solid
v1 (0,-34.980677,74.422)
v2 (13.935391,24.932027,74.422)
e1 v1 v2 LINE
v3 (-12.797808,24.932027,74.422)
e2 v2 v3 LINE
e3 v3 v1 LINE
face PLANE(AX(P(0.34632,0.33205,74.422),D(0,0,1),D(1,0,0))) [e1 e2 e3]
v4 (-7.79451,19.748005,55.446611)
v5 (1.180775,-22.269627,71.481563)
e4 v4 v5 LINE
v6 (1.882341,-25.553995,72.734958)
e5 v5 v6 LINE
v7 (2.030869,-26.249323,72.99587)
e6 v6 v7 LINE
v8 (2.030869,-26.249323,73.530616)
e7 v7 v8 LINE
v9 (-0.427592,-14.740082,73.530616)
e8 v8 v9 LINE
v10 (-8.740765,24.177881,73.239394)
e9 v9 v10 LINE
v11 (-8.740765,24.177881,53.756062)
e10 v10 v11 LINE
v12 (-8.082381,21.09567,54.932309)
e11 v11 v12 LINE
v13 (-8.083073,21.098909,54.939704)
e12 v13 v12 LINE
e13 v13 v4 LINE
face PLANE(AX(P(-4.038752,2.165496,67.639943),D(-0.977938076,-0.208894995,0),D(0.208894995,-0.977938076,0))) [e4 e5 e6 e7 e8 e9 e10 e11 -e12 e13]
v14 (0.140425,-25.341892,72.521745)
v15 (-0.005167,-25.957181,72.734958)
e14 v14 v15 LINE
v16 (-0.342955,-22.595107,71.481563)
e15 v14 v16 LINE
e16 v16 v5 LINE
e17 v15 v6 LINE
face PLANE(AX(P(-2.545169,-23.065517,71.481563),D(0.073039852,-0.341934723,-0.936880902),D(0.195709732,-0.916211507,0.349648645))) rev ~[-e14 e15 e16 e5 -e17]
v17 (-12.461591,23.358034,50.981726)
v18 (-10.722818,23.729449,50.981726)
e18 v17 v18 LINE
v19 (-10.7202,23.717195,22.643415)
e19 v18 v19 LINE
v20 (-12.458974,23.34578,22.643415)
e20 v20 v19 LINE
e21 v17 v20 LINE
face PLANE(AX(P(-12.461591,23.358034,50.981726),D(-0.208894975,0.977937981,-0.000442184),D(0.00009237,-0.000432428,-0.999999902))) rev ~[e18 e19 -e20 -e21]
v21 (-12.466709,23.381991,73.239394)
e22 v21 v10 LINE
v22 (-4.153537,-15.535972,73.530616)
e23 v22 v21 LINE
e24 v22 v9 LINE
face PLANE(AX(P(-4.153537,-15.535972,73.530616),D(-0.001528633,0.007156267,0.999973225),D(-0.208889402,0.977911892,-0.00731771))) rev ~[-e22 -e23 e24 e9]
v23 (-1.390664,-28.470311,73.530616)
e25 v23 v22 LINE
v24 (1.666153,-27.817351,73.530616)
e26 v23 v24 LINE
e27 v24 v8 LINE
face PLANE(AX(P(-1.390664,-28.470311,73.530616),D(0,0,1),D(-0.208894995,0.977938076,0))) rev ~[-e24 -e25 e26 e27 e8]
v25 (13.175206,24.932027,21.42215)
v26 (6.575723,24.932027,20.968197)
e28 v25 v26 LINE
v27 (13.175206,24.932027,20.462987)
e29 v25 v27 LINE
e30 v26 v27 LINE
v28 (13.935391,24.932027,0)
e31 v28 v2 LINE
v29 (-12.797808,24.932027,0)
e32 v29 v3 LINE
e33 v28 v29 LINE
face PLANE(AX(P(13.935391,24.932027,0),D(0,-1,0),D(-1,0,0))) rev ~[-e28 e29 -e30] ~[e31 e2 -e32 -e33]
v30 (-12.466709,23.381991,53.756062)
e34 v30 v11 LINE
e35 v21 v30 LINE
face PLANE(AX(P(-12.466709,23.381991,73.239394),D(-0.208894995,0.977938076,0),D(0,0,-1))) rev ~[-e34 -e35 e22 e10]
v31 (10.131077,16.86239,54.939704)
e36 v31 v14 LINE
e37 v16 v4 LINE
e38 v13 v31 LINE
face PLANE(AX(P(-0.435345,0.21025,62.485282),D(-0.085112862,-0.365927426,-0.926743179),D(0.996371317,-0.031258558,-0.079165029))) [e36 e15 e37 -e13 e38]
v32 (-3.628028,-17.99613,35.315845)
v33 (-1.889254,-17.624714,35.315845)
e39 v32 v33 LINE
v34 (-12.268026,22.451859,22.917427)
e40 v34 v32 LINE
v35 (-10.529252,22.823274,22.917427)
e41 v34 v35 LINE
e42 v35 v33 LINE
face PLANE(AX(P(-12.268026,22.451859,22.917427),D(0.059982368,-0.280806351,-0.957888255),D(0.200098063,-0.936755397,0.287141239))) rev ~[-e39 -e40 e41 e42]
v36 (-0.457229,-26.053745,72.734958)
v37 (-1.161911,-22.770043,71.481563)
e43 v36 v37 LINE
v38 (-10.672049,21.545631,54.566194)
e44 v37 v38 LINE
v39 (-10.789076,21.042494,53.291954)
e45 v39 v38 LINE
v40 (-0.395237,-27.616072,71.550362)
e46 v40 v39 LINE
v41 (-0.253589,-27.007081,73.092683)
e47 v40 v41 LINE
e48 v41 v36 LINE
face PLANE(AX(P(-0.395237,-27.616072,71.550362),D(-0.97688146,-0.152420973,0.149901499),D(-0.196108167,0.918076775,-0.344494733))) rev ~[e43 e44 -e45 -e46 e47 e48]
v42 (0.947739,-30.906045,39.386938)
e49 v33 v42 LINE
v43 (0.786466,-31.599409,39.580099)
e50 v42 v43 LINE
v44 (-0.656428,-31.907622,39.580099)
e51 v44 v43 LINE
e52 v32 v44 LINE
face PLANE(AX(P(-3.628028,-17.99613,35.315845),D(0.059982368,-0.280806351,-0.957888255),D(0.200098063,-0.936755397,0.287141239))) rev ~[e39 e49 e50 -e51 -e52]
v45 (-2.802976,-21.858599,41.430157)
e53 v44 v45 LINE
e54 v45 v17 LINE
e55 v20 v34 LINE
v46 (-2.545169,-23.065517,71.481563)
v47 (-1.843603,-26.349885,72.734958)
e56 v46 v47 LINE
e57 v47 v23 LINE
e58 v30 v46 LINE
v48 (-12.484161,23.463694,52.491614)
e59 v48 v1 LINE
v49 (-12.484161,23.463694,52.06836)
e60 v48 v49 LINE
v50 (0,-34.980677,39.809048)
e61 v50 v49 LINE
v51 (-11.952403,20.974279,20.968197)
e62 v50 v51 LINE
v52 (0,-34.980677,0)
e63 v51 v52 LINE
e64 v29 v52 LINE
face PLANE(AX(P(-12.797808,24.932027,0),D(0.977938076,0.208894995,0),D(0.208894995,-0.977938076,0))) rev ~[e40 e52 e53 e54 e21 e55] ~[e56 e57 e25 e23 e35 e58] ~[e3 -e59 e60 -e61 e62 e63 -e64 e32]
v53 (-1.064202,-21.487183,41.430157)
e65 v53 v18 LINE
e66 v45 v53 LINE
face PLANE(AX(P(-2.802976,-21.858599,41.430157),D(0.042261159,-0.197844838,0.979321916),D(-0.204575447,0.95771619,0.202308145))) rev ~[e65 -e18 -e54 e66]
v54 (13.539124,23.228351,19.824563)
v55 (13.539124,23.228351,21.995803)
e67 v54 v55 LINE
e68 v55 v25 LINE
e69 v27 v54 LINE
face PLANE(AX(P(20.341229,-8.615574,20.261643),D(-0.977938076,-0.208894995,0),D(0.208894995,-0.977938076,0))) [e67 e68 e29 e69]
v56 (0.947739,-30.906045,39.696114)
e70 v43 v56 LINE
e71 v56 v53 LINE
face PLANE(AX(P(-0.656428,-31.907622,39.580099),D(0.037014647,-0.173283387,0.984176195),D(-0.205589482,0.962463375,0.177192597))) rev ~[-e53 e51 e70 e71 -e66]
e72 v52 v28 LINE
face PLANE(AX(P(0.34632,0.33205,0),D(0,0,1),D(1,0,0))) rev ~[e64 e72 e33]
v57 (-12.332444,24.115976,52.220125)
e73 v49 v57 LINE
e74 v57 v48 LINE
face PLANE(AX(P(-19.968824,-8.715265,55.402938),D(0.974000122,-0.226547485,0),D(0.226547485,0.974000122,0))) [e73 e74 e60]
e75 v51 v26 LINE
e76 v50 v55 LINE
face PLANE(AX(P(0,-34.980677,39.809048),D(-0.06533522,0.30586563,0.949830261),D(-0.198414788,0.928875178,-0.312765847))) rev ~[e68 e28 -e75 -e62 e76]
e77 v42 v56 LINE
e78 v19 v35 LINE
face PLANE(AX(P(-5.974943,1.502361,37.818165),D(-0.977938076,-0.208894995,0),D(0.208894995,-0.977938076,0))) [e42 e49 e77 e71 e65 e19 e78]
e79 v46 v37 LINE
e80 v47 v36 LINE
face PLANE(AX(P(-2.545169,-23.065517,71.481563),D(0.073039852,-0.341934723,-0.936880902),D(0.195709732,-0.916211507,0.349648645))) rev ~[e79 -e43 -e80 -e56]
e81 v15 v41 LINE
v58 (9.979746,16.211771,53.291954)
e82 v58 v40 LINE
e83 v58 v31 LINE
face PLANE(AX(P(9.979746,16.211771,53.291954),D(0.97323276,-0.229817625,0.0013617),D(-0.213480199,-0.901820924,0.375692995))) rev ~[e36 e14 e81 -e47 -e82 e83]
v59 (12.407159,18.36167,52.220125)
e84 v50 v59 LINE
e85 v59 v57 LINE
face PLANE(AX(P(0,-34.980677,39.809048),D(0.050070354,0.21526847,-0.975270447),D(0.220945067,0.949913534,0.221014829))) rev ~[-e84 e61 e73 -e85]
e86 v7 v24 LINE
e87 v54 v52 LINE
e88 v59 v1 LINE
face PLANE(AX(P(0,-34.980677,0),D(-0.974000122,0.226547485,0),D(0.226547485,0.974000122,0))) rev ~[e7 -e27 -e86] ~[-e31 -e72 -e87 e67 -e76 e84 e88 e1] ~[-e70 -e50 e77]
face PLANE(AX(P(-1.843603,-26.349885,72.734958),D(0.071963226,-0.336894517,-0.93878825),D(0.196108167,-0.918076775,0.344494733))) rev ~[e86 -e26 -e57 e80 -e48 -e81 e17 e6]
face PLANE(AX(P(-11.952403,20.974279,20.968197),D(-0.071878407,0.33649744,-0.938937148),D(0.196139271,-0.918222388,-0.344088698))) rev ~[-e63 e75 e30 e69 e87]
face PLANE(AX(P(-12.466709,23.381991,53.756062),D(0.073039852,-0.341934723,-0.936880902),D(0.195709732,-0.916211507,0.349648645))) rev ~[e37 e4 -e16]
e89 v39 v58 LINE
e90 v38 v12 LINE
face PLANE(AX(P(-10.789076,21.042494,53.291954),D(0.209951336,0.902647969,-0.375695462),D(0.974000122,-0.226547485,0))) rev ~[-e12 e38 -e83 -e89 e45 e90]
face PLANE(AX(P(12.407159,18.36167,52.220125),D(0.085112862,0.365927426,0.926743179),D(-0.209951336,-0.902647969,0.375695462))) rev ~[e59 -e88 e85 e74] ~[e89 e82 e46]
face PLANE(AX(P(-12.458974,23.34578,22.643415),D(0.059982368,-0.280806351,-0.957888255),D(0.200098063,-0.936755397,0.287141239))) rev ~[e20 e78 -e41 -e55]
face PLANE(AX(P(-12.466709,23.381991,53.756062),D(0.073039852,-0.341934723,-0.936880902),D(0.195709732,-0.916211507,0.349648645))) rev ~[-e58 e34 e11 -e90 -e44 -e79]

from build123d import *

# Parameters (mm, degrees)
F1_DEPTH  = 74.422
F3_DEPTH  = 25.4
F5_DEPTH  = 25.4
F7_DEPTH  = 3.81
F9_DEPTH  = 1.778
F11_DEPTH = 1.778


with BuildPart() as f1:
    # F0 (on Top) → F1 (new body)
    with BuildSketch(Plane.XY):
        Polygon((13.9353908598, 24.9320268631), (-12.7978082746, 24.9320268631), (0, -34.9806770682), align=None)
    extrude(amount=F1_DEPTH)

    # F2 (on face) → F3 (cut)
    with BuildSketch(Plane(origin=(7.718740982, -1.7953399775, 0), x_dir=(0.226547485, 0.9740001217, 0), z_dir=(0.9740001217, -0.226547485, 0))):
        Polygon((20.695079118, 52.2201247513), (-34.0711837213, 74.422), (-34.0711837213, 39.8090481758), align=None)
    extrude(amount=-F3_DEPTH, mode=Mode.SUBTRACT)

    # F4 (on face) → F5 (cut)
    with BuildSketch(Plane(origin=(-7.1460755316, -1.5264559696, 0), x_dir=(0.2088949953, -0.9779380762, 0), z_dir=(-0.9779380762, -0.2088949953, 0))):
        Polygon((34.2089360376, 0), (34.2089360376, 39.8090481758), (-23.0083428323, 20.9681969136), align=None)
    extrude(amount=-F5_DEPTH, mode=Mode.SUBTRACT)

    # F6 (on face) → F7 (cut)
    with BuildSketch(Plane(origin=(-7.1460755316, -1.5264559696, 0), x_dir=(0.2088949953, -0.9779380762, 0), z_dir=(-0.9779380762, -0.2088949953, 0))):
        Polygon((14.3255656585, 73.5306164718), (-25.4703722894, 73.2393935323), (-25.4703722894, 53.7560619414), (22.024974227, 71.4815631509), (25.38343653, 72.7349581039), (27.5516982051, 73.5306164718), align=None)
    extrude(amount=-F7_DEPTH, mode=Mode.SUBTRACT)

    # F8 (on face) → F9 (cut)
    with BuildSketch(Plane(origin=(-7.1460755316, -1.5264559696, 0), x_dir=(0.2088949953, -0.9779380762, 0), z_dir=(-0.9779380762, -0.2088949953, 0))):
        Polygon((20.7908283919, 41.430156678), (-25.4458747804, 50.9817264974), (-25.4333440341, 22.6434153364), (-24.5192568436, 22.9174265555), (16.8412234634, 35.3158451617), (31.0665536672, 39.5800992846), align=None)
    extrude(amount=-F9_DEPTH, mode=Mode.SUBTRACT)

    # F10 (on face) → F11 (cut)
    with BuildSketch(Plane(origin=(4.7807632282, 20.554030722, 52.0548786677), x_dir=(0.9963713167, -0.031258558, -0.0791650292), z_dir=(-0.0851128621, -0.3659274261, -0.9267431788))):
        Polygon((5.2179168689, 4.4931433875), (-5.1948507316, 51.9638061523), (-15.6265430034, 0), align=None)
    extrude(amount=-F11_DEPTH, mode=Mode.SUBTRACT)


solid = f1.part
